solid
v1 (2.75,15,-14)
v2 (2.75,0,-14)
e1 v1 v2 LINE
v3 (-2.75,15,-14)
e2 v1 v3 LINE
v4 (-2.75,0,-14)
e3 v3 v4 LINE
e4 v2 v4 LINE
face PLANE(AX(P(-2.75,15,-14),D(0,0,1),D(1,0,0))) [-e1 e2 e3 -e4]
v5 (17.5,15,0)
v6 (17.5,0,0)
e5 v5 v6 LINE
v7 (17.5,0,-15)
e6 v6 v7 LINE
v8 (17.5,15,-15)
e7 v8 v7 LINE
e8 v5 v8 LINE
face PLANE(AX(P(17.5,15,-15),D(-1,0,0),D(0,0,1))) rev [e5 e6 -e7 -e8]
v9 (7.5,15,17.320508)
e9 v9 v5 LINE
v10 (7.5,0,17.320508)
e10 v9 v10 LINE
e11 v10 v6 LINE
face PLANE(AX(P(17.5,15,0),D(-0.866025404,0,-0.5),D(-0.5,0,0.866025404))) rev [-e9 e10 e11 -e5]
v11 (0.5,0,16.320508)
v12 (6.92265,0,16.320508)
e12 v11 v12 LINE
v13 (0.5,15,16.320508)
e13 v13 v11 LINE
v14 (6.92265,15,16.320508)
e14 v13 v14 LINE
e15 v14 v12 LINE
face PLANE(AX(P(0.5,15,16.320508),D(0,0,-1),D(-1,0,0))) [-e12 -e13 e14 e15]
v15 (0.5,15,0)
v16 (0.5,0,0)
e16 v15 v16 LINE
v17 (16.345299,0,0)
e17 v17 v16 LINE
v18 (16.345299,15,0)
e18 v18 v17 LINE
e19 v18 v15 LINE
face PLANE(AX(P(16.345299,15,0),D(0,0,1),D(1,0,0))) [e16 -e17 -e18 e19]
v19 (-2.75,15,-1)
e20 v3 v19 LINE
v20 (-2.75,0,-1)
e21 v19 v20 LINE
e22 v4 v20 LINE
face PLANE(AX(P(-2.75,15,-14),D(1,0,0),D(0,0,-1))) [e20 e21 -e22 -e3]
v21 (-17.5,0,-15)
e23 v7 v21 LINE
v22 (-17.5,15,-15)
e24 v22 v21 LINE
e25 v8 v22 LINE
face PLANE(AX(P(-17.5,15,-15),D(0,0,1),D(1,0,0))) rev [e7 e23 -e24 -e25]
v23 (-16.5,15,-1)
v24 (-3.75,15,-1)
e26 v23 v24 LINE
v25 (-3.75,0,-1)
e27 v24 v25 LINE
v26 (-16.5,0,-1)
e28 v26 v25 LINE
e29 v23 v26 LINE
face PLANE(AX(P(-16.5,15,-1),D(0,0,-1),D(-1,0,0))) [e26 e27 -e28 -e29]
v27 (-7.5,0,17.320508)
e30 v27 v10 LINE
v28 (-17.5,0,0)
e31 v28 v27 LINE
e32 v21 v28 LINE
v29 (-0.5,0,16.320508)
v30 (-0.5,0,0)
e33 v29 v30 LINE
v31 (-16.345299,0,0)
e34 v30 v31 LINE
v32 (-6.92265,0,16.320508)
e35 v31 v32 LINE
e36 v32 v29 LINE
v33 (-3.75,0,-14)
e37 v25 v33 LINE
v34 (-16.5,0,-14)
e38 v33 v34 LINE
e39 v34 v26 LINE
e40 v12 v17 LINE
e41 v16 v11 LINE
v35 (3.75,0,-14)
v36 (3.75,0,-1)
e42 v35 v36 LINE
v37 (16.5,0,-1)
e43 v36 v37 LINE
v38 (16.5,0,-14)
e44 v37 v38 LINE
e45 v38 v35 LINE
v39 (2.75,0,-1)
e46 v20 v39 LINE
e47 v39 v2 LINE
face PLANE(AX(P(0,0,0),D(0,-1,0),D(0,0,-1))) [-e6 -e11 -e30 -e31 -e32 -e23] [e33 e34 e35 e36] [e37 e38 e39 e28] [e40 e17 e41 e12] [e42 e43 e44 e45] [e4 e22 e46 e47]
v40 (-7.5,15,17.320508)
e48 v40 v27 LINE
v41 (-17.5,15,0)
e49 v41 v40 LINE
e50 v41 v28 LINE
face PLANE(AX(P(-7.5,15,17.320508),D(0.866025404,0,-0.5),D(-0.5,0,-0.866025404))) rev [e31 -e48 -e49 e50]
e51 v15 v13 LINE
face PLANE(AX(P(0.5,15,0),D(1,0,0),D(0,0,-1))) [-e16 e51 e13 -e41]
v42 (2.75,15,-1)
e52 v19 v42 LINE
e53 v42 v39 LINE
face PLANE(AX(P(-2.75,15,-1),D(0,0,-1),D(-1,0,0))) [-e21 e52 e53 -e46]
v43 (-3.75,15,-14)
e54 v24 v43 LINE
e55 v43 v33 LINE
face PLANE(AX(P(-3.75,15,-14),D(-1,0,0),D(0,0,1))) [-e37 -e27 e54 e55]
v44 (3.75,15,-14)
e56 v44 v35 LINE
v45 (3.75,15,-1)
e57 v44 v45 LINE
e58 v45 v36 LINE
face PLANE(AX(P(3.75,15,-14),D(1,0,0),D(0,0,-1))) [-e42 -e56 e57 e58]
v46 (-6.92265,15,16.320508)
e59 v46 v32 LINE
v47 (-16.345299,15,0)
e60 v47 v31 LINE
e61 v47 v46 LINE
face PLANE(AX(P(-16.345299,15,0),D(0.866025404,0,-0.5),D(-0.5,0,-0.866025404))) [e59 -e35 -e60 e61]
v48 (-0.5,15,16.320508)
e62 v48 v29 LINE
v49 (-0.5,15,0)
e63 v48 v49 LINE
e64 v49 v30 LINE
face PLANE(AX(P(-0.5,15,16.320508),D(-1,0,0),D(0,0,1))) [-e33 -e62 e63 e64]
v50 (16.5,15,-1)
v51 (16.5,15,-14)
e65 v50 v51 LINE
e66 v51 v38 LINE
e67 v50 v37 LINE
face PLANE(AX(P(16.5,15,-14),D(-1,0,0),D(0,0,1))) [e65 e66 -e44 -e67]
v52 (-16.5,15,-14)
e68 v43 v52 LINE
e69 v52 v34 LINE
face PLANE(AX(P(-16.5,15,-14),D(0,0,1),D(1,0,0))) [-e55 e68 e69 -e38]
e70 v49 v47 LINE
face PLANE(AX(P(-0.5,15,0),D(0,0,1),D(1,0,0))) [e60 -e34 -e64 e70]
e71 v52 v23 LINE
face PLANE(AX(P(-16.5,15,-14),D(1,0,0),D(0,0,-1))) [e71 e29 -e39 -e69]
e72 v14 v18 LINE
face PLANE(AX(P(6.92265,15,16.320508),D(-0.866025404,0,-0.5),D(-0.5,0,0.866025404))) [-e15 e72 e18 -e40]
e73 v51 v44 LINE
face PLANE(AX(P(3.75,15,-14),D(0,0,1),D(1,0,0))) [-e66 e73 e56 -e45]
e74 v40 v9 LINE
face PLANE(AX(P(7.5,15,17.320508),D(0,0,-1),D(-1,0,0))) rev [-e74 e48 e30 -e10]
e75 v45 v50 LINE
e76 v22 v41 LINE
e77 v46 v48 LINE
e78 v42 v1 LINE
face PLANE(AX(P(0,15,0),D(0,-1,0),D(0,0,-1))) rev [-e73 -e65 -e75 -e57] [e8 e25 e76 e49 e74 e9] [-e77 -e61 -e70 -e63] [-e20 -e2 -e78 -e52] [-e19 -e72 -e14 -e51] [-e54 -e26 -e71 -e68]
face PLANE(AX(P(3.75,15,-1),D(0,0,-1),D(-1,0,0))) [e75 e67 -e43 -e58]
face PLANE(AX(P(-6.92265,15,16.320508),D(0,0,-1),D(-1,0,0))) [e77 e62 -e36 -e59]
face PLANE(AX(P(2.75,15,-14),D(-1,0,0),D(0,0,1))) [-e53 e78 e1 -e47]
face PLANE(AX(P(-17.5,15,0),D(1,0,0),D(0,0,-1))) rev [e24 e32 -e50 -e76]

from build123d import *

# Parameters (mm, degrees)
SFIVEBASETP1_W     = 12.75
SFIVEBASETP1_H     = 13
SFIVEBASETP1_W_2   = 5.5
FFIVEBASETP1_DEPTH = 15


with BuildPart() as part:
    # SFiveBaseTP1 → FFiveBaseTP1 (new body)
    with BuildSketch(Plane(origin=(0, 0, 0), x_dir=(1, 0, 0), z_dir=(0, 1, 0))):
        Polygon((-17.5, 15), (17.5, 15), (17.5, 0), (7.5, -17.320508076), (-7.5, -17.320508076), (-17.5, 0), align=None)
        Polygon((-16.345299462, 0), (-6.922649731, -16.320508076), (-0.5, -16.320508076), (-0.5, 0), align=None, mode=Mode.SUBTRACT)
        with Locations((-10.125, 7.5)):
            Rectangle(SFIVEBASETP1_W, SFIVEBASETP1_H, mode=Mode.SUBTRACT)
        with Locations((10.125, 7.5)):
            Rectangle(SFIVEBASETP1_W, SFIVEBASETP1_H, mode=Mode.SUBTRACT)
        Polygon((0.5, 0), (0.5, -16.320508076), (6.922649731, -16.320508076), (16.345299462, 0), align=None, mode=Mode.SUBTRACT)
        with Locations((0, 7.5)):
            Rectangle(SFIVEBASETP1_W_2, SFIVEBASETP1_H, mode=Mode.SUBTRACT)
    extrude(amount=FFIVEBASETP1_DEPTH)


solid = part.part
